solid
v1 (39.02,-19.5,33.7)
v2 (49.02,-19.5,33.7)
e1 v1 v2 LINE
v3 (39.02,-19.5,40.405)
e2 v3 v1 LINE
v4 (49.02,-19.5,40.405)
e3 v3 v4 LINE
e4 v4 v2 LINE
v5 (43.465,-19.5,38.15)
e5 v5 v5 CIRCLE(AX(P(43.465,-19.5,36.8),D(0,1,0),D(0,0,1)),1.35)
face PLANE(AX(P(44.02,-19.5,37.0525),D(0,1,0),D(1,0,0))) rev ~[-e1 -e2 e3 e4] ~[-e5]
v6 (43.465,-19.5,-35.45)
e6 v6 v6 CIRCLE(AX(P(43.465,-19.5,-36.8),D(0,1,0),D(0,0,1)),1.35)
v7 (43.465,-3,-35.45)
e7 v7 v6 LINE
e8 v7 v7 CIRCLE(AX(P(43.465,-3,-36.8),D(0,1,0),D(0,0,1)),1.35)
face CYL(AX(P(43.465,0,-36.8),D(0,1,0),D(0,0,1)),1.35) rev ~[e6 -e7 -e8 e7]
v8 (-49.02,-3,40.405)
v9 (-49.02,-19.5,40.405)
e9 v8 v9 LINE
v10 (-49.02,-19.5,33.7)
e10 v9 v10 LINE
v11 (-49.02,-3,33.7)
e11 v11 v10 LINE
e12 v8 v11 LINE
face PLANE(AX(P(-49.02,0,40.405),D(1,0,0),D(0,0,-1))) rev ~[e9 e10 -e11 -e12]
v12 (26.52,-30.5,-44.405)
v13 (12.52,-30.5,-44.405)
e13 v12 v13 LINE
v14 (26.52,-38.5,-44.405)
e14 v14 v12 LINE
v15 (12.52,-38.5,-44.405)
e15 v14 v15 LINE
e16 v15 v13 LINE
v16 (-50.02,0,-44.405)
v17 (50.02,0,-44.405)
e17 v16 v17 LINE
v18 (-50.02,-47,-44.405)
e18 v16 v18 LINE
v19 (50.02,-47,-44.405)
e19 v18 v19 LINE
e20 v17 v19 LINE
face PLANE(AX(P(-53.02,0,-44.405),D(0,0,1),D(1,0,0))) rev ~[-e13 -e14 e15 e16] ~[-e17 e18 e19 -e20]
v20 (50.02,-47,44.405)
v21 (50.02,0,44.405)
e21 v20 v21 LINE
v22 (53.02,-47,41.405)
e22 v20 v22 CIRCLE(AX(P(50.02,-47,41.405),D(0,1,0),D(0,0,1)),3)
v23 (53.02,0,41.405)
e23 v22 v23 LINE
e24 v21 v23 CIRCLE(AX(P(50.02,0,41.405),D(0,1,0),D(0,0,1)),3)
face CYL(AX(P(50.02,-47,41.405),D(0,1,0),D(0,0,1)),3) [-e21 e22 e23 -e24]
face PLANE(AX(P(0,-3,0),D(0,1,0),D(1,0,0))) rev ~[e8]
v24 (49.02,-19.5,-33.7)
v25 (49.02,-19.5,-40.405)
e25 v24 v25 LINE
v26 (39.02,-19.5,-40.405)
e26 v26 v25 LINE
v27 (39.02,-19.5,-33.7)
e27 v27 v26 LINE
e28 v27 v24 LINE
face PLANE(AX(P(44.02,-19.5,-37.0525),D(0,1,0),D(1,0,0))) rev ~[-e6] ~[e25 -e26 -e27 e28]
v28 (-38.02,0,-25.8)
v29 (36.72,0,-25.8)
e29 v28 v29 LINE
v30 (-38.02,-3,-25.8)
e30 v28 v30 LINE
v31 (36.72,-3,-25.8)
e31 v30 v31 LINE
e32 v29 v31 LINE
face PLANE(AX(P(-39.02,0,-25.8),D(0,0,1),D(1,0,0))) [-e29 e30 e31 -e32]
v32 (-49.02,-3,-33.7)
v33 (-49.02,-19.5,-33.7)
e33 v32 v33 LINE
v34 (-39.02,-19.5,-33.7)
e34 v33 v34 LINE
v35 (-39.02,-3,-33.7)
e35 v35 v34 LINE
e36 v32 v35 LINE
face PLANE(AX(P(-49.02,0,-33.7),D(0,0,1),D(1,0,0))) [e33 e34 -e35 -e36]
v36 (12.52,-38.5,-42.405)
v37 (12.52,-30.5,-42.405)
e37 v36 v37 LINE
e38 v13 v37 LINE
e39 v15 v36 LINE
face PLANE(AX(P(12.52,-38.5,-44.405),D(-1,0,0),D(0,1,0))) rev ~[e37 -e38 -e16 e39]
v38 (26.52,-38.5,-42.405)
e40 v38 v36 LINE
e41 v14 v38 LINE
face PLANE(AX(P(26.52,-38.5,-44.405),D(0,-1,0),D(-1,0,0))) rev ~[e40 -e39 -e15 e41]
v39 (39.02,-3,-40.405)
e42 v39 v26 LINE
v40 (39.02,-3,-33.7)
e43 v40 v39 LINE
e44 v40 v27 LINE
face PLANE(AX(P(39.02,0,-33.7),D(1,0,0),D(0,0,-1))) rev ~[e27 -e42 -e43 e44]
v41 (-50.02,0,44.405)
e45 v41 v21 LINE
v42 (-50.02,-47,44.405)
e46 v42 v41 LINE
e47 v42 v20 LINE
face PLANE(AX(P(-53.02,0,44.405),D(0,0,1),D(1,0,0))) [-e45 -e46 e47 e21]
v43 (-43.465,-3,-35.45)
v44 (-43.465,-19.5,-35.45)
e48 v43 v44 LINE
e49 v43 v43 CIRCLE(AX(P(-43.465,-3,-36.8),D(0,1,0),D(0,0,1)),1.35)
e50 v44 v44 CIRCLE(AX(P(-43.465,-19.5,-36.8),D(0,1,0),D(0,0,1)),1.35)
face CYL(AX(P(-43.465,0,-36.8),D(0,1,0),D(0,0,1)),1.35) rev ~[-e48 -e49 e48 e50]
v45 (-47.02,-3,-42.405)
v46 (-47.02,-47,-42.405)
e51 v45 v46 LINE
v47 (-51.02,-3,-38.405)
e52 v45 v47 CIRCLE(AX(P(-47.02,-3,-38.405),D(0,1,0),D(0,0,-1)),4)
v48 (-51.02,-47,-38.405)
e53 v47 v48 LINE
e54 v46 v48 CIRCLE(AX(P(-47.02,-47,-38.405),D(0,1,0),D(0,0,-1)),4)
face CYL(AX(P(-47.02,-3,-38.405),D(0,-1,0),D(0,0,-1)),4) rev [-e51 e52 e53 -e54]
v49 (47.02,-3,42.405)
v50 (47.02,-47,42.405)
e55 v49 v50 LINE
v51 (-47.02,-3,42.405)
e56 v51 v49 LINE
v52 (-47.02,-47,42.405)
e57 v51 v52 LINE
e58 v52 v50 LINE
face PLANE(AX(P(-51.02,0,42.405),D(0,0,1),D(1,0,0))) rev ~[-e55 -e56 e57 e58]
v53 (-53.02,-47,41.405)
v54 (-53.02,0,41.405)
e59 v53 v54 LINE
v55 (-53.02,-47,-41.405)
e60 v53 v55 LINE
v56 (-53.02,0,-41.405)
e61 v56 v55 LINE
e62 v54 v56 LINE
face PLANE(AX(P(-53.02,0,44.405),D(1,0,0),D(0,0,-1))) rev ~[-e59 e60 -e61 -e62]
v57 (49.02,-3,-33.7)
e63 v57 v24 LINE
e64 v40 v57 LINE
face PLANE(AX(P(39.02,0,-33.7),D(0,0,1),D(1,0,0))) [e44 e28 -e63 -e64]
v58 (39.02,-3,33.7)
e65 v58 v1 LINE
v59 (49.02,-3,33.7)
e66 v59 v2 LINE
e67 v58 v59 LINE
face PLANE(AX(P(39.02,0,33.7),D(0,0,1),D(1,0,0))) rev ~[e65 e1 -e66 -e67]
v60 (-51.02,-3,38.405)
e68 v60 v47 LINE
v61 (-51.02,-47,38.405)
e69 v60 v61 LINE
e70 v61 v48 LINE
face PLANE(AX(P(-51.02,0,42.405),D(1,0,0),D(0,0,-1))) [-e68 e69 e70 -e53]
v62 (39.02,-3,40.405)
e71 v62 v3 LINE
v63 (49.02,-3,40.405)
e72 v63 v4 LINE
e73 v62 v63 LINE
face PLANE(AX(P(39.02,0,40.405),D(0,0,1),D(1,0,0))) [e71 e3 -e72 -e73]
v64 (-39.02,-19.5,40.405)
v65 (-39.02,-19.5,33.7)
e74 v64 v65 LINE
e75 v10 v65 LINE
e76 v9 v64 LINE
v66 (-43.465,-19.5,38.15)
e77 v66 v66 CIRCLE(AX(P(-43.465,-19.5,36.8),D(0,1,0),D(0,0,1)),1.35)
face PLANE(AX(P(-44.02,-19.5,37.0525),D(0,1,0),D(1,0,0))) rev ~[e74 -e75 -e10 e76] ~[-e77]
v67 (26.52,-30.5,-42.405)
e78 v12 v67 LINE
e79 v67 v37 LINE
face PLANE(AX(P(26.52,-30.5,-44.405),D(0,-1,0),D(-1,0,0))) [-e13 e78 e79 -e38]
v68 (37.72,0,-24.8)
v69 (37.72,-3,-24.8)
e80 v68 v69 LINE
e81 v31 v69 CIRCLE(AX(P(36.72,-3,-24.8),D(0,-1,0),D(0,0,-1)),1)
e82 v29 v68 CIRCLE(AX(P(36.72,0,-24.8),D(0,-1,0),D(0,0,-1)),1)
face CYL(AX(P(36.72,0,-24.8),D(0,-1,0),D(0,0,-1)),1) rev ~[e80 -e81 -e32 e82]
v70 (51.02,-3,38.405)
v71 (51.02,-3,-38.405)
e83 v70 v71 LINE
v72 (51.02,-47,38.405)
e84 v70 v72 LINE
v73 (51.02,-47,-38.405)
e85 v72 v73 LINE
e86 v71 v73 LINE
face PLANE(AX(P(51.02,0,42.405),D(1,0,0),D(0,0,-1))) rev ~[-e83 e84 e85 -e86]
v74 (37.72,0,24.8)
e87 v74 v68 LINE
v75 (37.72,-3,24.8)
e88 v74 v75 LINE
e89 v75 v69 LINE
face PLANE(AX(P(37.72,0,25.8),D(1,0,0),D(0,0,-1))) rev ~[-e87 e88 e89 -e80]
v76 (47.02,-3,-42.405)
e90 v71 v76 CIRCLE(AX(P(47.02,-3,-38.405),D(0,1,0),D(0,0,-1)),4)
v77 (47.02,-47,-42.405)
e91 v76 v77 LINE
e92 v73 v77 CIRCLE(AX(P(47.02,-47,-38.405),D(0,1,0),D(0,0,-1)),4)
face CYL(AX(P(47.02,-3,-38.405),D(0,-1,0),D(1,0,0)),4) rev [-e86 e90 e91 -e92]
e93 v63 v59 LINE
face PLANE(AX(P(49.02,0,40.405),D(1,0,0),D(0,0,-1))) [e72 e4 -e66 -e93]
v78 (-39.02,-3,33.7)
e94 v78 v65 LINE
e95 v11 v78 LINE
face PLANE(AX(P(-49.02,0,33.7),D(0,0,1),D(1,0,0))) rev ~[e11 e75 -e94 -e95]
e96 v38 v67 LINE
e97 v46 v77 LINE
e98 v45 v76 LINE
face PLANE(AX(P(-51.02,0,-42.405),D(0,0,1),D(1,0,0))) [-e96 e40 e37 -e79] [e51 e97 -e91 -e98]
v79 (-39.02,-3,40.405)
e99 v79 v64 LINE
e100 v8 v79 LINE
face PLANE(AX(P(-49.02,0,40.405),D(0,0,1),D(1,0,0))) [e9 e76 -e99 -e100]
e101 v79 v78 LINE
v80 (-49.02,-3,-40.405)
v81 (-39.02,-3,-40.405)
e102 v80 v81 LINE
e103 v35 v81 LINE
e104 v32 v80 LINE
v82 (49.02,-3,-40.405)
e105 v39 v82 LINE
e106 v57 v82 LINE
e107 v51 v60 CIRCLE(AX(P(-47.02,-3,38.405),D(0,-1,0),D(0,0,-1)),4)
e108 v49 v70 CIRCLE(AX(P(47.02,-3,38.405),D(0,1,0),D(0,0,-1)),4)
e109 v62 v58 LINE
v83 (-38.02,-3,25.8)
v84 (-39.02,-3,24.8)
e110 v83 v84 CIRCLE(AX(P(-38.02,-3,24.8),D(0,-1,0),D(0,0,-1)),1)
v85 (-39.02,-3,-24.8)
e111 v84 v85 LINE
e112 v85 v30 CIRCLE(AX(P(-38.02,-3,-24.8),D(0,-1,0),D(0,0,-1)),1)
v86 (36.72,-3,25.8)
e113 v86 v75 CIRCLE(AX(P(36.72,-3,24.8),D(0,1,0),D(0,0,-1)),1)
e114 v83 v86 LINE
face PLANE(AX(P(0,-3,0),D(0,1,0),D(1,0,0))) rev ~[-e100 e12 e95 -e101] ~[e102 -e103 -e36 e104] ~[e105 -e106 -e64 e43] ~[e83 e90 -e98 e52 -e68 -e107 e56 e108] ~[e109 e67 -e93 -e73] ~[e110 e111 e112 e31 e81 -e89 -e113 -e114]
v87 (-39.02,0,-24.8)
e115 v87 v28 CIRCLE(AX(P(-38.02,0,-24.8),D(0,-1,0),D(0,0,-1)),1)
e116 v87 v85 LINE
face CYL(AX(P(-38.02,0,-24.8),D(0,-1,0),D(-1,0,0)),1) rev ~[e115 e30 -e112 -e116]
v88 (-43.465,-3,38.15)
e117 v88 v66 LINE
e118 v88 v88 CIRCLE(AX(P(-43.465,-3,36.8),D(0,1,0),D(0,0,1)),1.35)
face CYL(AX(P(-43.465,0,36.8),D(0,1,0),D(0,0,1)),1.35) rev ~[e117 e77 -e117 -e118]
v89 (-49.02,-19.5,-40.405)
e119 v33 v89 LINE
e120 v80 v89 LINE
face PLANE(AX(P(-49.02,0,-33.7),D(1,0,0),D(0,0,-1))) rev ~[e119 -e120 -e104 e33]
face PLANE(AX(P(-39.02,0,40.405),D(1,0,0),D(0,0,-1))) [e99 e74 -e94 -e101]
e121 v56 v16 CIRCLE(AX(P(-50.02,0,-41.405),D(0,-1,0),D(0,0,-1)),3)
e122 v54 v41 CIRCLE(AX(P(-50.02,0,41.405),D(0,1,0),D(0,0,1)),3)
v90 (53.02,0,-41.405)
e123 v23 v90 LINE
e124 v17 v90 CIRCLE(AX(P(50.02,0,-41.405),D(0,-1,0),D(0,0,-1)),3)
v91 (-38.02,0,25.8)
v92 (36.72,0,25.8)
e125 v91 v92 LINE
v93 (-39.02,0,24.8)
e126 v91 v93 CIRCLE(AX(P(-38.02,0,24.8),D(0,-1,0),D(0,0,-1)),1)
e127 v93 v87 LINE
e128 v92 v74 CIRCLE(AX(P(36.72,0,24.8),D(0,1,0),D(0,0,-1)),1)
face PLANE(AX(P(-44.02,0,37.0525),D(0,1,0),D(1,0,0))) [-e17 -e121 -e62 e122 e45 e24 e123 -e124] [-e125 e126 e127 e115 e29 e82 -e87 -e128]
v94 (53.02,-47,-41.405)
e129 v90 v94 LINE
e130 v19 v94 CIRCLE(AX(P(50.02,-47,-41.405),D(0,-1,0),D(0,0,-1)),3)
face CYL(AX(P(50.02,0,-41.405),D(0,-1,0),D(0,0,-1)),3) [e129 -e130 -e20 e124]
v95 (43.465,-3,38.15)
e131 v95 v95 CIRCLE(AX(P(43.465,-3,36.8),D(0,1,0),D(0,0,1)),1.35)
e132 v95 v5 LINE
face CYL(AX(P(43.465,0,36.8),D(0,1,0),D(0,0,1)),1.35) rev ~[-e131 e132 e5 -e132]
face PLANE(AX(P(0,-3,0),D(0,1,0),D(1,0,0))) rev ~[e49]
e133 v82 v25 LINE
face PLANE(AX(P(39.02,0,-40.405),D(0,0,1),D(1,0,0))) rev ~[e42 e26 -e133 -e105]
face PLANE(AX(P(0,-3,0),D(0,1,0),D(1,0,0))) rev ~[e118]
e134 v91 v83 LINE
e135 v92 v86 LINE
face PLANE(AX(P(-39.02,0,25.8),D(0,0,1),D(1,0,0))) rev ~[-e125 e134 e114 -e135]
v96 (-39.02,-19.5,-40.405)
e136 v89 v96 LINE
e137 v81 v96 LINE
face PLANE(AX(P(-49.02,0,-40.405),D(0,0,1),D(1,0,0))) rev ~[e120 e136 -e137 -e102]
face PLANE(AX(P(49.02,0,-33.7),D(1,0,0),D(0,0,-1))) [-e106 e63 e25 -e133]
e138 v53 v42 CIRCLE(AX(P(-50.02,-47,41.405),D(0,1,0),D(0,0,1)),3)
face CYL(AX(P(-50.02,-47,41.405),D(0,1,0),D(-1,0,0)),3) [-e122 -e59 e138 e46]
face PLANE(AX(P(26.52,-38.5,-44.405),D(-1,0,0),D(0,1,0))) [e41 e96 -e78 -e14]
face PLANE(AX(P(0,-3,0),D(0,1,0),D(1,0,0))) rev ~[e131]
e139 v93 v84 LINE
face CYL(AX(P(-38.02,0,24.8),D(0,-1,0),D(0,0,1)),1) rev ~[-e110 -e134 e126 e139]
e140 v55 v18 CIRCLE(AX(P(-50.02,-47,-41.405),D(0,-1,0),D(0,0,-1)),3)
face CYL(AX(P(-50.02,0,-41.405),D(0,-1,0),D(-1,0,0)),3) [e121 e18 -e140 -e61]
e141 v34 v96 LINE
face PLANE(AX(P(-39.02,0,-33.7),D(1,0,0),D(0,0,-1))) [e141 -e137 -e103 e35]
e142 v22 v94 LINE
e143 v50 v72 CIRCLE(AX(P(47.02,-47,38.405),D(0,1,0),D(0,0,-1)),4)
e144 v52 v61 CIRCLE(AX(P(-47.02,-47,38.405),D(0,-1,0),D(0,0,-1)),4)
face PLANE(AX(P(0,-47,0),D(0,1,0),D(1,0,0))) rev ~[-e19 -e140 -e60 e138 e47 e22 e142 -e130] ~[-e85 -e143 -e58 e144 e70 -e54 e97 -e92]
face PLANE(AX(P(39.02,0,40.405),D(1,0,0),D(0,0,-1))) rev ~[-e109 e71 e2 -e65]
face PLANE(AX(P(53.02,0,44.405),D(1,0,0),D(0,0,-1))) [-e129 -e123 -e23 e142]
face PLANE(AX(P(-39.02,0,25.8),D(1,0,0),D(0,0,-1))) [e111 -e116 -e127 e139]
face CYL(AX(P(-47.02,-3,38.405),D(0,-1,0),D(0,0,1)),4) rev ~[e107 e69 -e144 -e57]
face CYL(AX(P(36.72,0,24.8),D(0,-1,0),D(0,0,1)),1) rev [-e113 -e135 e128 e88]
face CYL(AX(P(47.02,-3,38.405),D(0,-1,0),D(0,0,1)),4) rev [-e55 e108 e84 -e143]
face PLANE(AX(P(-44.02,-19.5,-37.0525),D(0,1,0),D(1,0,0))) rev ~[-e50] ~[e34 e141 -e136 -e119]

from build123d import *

# Parameters (mm, degrees)
SKETCH1_W           = 106.04
SKETCH1_H           = 88.81
SKETCH1_W_2         = 76.74
SKETCH1_H_2         = 51.6
BOSS_EXTRUDE1_DEPTH = 3
SKETCH1_3_W         = 10
SKETCH1_3_H         = 6.705
SKETCH1_3_R         = 1.35
BOSS_EXTRUDE2_DEPTH = 19.5
SKETCH1_4_W         = 106.04
SKETCH1_4_H         = 88.81
SKETCH1_4_W_2       = 102.04
SKETCH1_4_H_2       = 84.81
BOSS_EXTRUDE3_DEPTH = 47
FILLET1_R           = 4
FILLET2_R           = 3
FILLET3_R           = 1
CUT_EXTRUDE2_REACH  = 115.61
SKETCH3_W           = 14
SKETCH3_H           = 8


with BuildPart() as part:
    # Sketch1 → Boss-Extrude1 (new body)
    with BuildSketch(Plane(origin=(0, 0, 0), x_dir=(1, 0, 0), z_dir=(0, 1, 0))):
        Rectangle(SKETCH1_W, SKETCH1_H)
        with Locations((-0.65, 0)):
            Rectangle(SKETCH1_W_2, SKETCH1_H_2, mode=Mode.SUBTRACT)
    extrude(amount=-BOSS_EXTRUDE1_DEPTH)

    # Sketch1<3> → Boss-Extrude2 (add)
    # profile 1 of 4: a face of its own
    with BuildSketch(Plane(origin=(0, 0, 0), x_dir=(1, 0, 0), z_dir=(0, 1, 0))):
        with Locations((44.02, 37.0525)):
            Rectangle(SKETCH1_3_W, SKETCH1_3_H)
        with Locations((43.465, 36.8)):
            Circle(SKETCH1_3_R, mode=Mode.SUBTRACT)
    # profile 2 of 4: a face of its own
    with BuildSketch(Plane(origin=(0, 0, 0), x_dir=(1, 0, 0), z_dir=(0, 1, 0))):
        with Locations((-44.02, 37.0525)):
            Rectangle(SKETCH1_3_W, SKETCH1_3_H)
        with Locations((-43.465, 36.8)):
            Circle(SKETCH1_3_R, mode=Mode.SUBTRACT)
    # profile 3 of 4: a face of its own
    with BuildSketch(Plane(origin=(0, 0, 0), x_dir=(1, 0, 0), z_dir=(0, 1, 0))):
        with Locations((44.02, -37.0525)):
            Rectangle(SKETCH1_3_W, SKETCH1_3_H)
        with Locations((43.465, -36.8)):
            Circle(SKETCH1_3_R, mode=Mode.SUBTRACT)
    # profile 4 of 4: a face of its own
    with BuildSketch(Plane(origin=(0, 0, 0), x_dir=(1, 0, 0), z_dir=(0, 1, 0))):
        with Locations((-44.02, -37.0525)):
            Rectangle(SKETCH1_3_W, SKETCH1_3_H)
        with Locations((-43.465, -36.8)):
            Circle(SKETCH1_3_R, mode=Mode.SUBTRACT)
    extrude(amount=-BOSS_EXTRUDE2_DEPTH)

    # Sketch1<4> → Boss-Extrude3 (add)
    with BuildSketch(Plane(origin=(0, 0, 0), x_dir=(1, 0, 0), z_dir=(0, 1, 0))):
        Rectangle(SKETCH1_4_W, SKETCH1_4_H)
        Rectangle(SKETCH1_4_W_2, SKETCH1_4_H_2, mode=Mode.SUBTRACT)
    extrude(amount=-BOSS_EXTRUDE3_DEPTH)

    # Fillet1
    fillet1_edges = [part.edges().sort_by_distance(p)[0] for p in [
        (51.02, -25, -42.405),
        (-51.02, -25, -42.405),
        (51.02, -25, 42.405),
        (-51.02, -25, 42.405),
    ]]
    fillet(fillet1_edges, radius=FILLET1_R)

    # Fillet2
    fillet2_edges = [part.edges().sort_by_distance(p)[0] for p in [
        (-53.02, -23.5, 44.405),
        (53.02, -23.5, 44.405),
        (53.02, -23.5, -44.405),
        (-53.02, -23.5, -44.405),
    ]]
    fillet(fillet2_edges, radius=FILLET2_R)

    # Fillet3
    fillet3_edges = [part.edges().sort_by_distance(p)[0] for p in [
        (-39.02, -1.5, 25.8),
        (37.72, -1.5, 25.8),
        (37.72, -1.5, -25.8),
        (-39.02, -1.5, -25.8),
    ]]
    fillet(fillet3_edges, radius=FILLET3_R)

    # Sketch3 → Cut-Extrude2 (cut, up to next)
    with BuildSketch(Plane(origin=(0, 0, -44.405), x_dir=(-1, 0, 0), z_dir=(0, 0, -1)), mode=Mode.PRIVATE) as cut_extrude2_sk1:
        with Locations((-19.52, -34.5)):
            Rectangle(SKETCH3_W, SKETCH3_H)
    cut_extrude2_tool1 = extrude(cut_extrude2_sk1.sketch, amount=-CUT_EXTRUDE2_REACH, mode=Mode.PRIVATE) & part.part
    add(cut_extrude2_tool1.solids().sort_by_distance((19.52, -34.5, -44.405))[0], mode=Mode.SUBTRACT)


solid = part.part
